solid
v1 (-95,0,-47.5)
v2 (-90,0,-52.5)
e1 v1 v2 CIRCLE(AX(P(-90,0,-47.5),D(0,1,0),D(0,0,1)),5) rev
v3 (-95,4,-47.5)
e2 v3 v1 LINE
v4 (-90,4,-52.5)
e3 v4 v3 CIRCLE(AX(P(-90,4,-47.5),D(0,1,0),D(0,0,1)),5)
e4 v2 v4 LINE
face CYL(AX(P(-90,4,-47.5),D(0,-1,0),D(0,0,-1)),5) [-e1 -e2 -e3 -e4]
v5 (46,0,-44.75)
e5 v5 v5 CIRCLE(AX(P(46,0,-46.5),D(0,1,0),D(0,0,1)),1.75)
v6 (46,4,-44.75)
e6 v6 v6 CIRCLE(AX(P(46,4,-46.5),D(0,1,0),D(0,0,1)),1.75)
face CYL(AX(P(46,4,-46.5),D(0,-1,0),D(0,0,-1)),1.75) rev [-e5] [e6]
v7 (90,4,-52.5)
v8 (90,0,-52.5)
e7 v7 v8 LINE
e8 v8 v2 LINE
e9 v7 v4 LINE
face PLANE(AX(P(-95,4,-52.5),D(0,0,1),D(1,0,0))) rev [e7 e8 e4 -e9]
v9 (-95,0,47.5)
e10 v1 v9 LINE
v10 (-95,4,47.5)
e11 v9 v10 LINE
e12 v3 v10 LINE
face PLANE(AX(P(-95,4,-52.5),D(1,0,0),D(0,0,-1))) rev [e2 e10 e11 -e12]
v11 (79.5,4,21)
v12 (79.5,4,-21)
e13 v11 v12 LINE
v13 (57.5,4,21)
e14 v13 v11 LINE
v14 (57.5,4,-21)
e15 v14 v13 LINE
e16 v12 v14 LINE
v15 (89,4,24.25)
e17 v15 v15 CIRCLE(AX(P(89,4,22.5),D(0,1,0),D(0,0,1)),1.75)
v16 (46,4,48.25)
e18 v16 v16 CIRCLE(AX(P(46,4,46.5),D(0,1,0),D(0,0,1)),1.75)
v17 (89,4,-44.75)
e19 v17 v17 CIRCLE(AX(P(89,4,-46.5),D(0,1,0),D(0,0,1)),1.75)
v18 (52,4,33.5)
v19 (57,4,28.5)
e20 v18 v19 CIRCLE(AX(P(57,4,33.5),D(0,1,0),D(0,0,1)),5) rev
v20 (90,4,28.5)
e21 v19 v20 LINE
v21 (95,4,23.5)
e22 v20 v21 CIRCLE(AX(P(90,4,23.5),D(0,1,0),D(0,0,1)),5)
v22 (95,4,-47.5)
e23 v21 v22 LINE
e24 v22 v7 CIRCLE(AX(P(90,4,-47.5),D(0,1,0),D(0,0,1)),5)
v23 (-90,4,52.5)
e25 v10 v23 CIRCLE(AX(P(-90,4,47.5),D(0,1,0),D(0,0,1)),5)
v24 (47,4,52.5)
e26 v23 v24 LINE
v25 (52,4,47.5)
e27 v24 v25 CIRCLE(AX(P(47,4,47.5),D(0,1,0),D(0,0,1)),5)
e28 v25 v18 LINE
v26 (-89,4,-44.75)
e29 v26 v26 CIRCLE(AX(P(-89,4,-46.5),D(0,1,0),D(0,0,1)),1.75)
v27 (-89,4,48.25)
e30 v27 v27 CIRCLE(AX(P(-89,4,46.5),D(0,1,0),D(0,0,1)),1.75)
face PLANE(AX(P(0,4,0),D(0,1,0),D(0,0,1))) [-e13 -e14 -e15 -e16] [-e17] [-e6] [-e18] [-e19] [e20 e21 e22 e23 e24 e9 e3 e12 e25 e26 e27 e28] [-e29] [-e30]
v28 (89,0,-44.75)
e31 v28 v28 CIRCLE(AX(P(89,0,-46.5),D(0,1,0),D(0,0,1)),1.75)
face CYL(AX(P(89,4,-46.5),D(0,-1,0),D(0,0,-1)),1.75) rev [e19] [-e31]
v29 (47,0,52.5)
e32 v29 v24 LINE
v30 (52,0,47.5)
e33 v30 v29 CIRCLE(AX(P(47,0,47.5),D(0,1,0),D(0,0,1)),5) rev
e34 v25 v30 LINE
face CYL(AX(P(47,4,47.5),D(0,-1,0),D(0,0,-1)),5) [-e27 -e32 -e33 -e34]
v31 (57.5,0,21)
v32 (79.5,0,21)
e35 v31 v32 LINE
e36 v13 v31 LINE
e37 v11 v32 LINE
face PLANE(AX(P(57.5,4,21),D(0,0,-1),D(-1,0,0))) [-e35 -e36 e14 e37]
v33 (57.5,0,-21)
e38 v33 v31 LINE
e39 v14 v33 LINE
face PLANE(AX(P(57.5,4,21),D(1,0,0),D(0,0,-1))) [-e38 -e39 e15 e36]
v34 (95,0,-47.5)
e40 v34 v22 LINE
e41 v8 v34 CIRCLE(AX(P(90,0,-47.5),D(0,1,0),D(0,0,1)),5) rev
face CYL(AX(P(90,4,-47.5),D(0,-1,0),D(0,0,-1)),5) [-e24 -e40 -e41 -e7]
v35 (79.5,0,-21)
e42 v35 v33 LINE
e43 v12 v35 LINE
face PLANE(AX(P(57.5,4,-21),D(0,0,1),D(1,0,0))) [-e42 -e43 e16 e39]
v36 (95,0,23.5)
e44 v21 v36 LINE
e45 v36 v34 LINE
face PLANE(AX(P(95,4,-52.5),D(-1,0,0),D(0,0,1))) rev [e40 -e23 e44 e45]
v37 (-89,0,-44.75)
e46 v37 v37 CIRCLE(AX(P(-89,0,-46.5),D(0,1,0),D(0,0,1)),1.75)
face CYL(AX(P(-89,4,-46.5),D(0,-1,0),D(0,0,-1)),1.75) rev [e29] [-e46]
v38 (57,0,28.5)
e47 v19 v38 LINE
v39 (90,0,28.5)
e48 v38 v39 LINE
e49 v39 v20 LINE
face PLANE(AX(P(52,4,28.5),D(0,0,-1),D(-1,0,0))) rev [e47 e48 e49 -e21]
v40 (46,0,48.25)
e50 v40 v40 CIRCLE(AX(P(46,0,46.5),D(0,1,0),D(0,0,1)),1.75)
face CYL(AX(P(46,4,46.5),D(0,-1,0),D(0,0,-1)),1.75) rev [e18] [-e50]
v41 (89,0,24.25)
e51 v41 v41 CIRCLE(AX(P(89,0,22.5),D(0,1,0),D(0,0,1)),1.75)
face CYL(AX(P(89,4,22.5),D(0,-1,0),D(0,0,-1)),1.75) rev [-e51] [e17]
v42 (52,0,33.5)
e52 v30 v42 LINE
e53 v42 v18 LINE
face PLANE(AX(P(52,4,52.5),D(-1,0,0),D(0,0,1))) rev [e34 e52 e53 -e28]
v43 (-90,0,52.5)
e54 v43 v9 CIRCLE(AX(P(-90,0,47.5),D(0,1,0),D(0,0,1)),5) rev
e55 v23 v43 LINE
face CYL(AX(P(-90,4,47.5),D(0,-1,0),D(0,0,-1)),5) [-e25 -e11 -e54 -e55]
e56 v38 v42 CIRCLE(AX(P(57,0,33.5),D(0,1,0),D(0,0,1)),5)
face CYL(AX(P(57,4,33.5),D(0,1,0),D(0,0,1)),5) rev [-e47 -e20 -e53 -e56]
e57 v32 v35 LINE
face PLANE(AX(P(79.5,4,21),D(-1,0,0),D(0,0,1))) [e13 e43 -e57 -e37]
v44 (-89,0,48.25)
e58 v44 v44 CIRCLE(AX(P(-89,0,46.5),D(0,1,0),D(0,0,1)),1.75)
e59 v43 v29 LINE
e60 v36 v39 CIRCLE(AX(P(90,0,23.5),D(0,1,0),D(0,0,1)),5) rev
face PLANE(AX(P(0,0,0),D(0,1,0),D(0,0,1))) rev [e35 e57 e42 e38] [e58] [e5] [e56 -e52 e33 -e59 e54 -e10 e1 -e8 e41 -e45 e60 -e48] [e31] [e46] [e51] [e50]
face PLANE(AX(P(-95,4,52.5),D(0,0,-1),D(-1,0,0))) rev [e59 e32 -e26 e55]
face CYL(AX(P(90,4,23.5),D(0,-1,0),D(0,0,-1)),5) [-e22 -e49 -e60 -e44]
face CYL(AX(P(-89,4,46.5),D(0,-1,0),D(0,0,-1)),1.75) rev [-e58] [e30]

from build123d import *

# Parameters (mm, degrees)
SKETCH_1_R      = 1.75
SKETCH_1_W      = 22
SKETCH_1_H      = 42
EXTRUDE_1_DEPTH = 4
FILLET_1_R      = 5


with BuildPart() as part:
    # 草图1 → 凸台-拉伸1 (new body)
    with BuildSketch(Plane(origin=(0, 0, 0), x_dir=(1, 0, 0), z_dir=(0, 1, 0))):
        Polygon((-95, 52.5), (95, 52.5), (95, -28.5), (52, -28.5), (52, -52.5), (-95, -52.5), align=None)
        with Locations(Location((-89, -46.5, 0), (0, 0, 270))):
            Circle(SKETCH_1_R, mode=Mode.SUBTRACT)
        with Locations(Location((46, -46.5, 0), (0, 0, 270))):
            Circle(SKETCH_1_R, mode=Mode.SUBTRACT)
        with Locations(Location((46, 46.5, 0), (0, 0, 270))):
            Circle(SKETCH_1_R, mode=Mode.SUBTRACT)
        with Locations(Location((-89, 46.5, 0), (0, 0, 270))):
            Circle(SKETCH_1_R, mode=Mode.SUBTRACT)
        with Locations(Location((89, 46.5, 0), (0, 0, 270))):
            Circle(SKETCH_1_R, mode=Mode.SUBTRACT)
        with Locations(Location((89, -22.5, 0), (0, 0, 270))):
            Circle(SKETCH_1_R, mode=Mode.SUBTRACT)
        with Locations((68.5, 0)):
            Rectangle(SKETCH_1_W, SKETCH_1_H, mode=Mode.SUBTRACT)
    extrude(amount=EXTRUDE_1_DEPTH)

    # 圆角1
    fillet_1_edges = [part.edges().sort_by_distance(p)[0] for p in [
        (-95, 2, -52.5),
        (95, 2, -52.5),
        (95, 2, 28.5),
        (52, 2, 28.5),
        (52, 2, 52.5),
        (-95, 2, 52.5),
    ]]
    fillet(fillet_1_edges, radius=FILLET_1_R)


solid = part.part
